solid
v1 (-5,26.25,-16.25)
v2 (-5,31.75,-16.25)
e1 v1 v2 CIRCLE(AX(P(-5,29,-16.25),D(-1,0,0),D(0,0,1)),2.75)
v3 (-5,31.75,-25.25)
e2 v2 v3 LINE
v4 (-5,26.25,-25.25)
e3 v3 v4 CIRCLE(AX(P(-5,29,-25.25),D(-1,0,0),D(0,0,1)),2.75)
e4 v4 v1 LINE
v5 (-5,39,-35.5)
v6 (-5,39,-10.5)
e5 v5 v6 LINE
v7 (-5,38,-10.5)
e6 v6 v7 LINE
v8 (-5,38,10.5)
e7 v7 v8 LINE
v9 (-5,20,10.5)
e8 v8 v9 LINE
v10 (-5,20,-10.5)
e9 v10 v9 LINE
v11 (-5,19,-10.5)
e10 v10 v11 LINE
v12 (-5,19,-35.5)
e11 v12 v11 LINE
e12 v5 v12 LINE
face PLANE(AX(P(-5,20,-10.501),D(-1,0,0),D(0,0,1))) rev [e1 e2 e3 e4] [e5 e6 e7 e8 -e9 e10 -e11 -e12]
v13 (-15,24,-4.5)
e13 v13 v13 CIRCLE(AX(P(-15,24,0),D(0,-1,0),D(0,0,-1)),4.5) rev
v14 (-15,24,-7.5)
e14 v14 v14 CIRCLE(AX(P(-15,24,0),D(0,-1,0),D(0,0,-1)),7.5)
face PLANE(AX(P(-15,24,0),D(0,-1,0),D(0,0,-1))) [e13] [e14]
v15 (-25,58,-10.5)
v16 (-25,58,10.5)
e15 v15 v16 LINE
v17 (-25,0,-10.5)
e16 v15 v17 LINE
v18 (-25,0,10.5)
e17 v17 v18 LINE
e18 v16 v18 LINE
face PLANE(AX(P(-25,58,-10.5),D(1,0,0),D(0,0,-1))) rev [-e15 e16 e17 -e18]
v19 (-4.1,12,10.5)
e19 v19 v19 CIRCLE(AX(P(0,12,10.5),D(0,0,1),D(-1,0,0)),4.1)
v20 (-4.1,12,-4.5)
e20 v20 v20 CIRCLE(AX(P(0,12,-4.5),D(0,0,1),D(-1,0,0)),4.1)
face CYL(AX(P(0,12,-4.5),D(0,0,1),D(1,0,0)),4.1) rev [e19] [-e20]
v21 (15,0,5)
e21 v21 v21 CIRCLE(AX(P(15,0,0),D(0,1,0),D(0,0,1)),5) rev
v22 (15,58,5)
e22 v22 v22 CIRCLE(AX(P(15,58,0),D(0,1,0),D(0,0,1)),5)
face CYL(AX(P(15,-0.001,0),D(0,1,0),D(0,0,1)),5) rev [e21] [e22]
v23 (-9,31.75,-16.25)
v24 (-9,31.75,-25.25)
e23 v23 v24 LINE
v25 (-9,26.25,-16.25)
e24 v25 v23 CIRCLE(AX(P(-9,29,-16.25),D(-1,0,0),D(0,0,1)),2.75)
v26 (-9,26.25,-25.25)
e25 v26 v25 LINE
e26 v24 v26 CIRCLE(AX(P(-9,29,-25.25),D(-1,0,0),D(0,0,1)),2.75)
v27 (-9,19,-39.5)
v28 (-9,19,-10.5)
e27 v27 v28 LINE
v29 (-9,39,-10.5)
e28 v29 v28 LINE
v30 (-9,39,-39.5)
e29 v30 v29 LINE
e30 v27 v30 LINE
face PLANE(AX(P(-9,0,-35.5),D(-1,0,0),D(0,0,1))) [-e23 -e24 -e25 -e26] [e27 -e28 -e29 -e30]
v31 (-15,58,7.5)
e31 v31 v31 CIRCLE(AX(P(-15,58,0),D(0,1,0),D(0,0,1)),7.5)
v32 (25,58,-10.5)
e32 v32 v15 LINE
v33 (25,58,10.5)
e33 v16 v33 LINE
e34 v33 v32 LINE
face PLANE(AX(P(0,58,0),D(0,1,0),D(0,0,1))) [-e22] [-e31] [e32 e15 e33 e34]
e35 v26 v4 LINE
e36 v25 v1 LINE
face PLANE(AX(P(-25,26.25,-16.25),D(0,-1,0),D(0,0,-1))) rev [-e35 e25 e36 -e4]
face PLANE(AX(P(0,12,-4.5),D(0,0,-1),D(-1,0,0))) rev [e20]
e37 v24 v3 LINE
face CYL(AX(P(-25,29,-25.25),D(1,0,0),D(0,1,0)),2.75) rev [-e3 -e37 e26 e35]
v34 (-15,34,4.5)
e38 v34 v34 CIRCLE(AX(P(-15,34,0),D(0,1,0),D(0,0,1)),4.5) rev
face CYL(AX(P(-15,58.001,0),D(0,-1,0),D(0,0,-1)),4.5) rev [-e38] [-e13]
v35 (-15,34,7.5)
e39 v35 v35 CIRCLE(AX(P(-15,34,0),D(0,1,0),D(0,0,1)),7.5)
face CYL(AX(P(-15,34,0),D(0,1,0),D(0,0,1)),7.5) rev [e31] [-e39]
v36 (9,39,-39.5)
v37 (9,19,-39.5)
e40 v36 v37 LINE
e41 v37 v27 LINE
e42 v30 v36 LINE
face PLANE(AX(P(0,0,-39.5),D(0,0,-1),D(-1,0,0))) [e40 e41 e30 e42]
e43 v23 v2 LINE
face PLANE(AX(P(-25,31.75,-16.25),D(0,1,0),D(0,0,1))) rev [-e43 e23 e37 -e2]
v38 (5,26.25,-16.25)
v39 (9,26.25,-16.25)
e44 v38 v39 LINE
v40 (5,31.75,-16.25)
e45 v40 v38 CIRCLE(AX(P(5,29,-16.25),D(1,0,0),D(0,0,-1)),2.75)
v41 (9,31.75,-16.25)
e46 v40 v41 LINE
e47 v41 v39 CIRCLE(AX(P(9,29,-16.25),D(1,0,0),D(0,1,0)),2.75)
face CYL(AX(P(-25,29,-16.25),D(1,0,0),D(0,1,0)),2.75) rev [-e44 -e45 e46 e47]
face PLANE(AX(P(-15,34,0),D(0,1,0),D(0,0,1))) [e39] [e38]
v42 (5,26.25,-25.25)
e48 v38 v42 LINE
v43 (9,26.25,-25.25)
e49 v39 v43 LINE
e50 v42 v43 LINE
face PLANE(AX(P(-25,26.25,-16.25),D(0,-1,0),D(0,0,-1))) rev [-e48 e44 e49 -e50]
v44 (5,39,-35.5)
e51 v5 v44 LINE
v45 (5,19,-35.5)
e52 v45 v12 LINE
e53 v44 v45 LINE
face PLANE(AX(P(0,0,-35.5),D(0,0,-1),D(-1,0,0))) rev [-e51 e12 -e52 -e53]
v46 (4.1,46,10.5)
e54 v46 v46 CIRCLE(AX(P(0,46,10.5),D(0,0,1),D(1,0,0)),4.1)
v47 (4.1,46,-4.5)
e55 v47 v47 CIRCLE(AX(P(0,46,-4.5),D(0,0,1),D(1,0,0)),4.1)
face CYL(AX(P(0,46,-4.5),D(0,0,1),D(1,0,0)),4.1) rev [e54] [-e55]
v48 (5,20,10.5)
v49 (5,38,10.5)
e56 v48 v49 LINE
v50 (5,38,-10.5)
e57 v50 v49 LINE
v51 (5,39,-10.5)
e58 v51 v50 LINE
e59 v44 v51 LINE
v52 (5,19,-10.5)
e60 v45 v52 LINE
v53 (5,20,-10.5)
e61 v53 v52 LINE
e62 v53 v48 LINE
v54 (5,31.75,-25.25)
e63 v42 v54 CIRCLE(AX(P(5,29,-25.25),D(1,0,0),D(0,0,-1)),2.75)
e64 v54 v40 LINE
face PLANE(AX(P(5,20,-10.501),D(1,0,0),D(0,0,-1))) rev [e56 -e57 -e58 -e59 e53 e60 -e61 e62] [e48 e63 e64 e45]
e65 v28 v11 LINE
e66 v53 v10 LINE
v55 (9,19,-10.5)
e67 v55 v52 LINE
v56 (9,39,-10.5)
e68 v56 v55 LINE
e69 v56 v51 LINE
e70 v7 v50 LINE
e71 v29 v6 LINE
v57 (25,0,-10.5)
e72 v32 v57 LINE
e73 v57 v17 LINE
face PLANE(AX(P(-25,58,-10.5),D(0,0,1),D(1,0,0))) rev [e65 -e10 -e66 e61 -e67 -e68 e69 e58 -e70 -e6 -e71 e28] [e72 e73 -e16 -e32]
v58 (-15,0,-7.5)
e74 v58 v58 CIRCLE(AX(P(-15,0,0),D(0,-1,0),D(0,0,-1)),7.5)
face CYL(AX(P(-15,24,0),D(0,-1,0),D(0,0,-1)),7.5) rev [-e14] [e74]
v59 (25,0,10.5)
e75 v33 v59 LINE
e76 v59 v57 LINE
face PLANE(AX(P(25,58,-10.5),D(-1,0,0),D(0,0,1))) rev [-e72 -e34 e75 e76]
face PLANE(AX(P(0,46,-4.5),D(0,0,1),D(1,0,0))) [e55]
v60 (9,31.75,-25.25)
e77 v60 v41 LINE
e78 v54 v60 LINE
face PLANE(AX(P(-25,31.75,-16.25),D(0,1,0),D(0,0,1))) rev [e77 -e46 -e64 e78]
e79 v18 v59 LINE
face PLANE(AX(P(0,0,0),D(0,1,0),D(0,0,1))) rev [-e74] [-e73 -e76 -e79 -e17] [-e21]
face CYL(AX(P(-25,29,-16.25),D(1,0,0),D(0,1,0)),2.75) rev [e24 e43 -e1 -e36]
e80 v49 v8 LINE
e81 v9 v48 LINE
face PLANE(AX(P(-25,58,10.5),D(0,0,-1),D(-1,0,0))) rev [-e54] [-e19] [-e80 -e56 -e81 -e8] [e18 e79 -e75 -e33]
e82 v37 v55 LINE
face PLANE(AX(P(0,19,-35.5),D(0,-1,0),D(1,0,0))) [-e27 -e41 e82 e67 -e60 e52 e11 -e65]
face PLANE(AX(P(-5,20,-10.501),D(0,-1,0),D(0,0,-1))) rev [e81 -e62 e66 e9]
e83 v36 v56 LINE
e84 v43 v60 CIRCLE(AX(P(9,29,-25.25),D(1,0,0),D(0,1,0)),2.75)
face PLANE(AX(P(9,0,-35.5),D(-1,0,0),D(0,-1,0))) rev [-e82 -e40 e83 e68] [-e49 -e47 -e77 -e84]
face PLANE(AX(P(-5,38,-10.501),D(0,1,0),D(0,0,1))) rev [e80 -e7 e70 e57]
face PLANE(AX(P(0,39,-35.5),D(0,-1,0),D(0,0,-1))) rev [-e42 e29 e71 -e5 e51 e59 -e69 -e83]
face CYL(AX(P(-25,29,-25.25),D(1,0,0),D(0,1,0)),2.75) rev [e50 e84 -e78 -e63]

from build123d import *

# Parameters (mm, degrees)
SKETCH1_W           = 50
SKETCH1_H           = 21
BOSS_EXTRUDE1_DEPTH = 58
SKETCH3_R           = 7.5
CUT_EXTRUDE1_DEPTH  = 24
CUT_EXTRUDE2_REACH  = 66.025
SKETCH4_R           = 5
CUT_EXTRUDE3_START  = -24
SKETCH5_R           = 7.5
CUT_EXTRUDE3_DEPTH  = 24
CUT_EXTRUDE4_REACH  = 66.025
SKETCH6_R           = 4.5
CUT_EXTRUDE5_REACH  = 68.558
SKETCH8_W           = 10
SKETCH8_H           = 18
SKETCH7_R           = 4.1
CUT_EXTRUDE6_DEPTH  = 15
BOSS_EXTRUDE2_DEPTH = 25
SKETCH12_W          = 18
SKETCH12_H          = 20
BOSS_EXTRUDE3_DEPTH = 4
CUT_EXTRUDE7_DEPTH  = 78.975957833


with BuildPart() as part:
    # Sketch1 → Boss-Extrude1 (new body)
    with BuildSketch(Plane(origin=(0, 0, 0), x_dir=(1, 0, 0), z_dir=(0, 1, 0))):
        Rectangle(SKETCH1_W, SKETCH1_H)
    extrude(amount=BOSS_EXTRUDE1_DEPTH)

    # Sketch3 → Cut-Extrude1 (cut)
    with BuildSketch(Plane(origin=(0, 58, 0), x_dir=(1, 0, 0), z_dir=(0, 1, 0))):
        with Locations(Location((-15, 0, 0), (0, 0, 270))):
            Circle(SKETCH3_R)
    extrude(amount=-CUT_EXTRUDE1_DEPTH, mode=Mode.SUBTRACT)

    # Sketch4 → Cut-Extrude2 (cut, up to next)
    with BuildSketch(Plane(origin=(0, 58, 0), x_dir=(1, 0, 0), z_dir=(0, 1, 0)), mode=Mode.PRIVATE) as cut_extrude2_sk1:
        with Locations(Location((15, 0, 0), (0, 0, 270))):
            Circle(SKETCH4_R)
    cut_extrude2_tool1 = extrude(cut_extrude2_sk1.sketch, amount=-CUT_EXTRUDE2_REACH, mode=Mode.PRIVATE) & part.part
    add(cut_extrude2_tool1.solids().sort_by_distance((15, 58, 0))[0], mode=Mode.SUBTRACT)

    # Sketch5 → Cut-Extrude3 (cut)
    with BuildSketch(Plane.XZ.offset(CUT_EXTRUDE3_START)):
        with Locations(Location((-15, 0, 0), (0, 0, 90))):
            Circle(SKETCH5_R)
    extrude(amount=CUT_EXTRUDE3_DEPTH, mode=Mode.SUBTRACT)

    # Sketch6 → Cut-Extrude4 (cut, up to next)
    with BuildSketch(Plane.XZ, mode=Mode.PRIVATE) as cut_extrude4_sk1:
        with Locations(Location((-15, 0, 0), (0, 0, 270))):
            Circle(SKETCH6_R)
    cut_extrude4_tool1 = extrude(cut_extrude4_sk1.sketch, amount=-CUT_EXTRUDE4_REACH, mode=Mode.PRIVATE) & part.part
    add(cut_extrude4_tool1.solids().sort_by_distance((-15, 0, 0))[0], mode=Mode.SUBTRACT)

    # Sketch8 → Cut-Extrude5 (cut, up to next)
    with BuildSketch(Plane.XY.offset(10.5), mode=Mode.PRIVATE) as cut_extrude5_sk1:
        with Locations((0, 29)):
            Rectangle(SKETCH8_W, SKETCH8_H)
    cut_extrude5_tool1 = extrude(cut_extrude5_sk1.sketch, amount=-CUT_EXTRUDE5_REACH, mode=Mode.PRIVATE) & part.part
    add(cut_extrude5_tool1.solids().sort_by_distance((0, 29, 10.5))[0], mode=Mode.SUBTRACT)

    # Sketch7 → Cut-Extrude6 (cut)
    with BuildSketch(Plane.XY.offset(10.5)):
        with Locations((0, 46)):
            Circle(SKETCH7_R)
        with Locations(Location((0, 12, 0), (0, 0, 180))):
            Circle(SKETCH7_R)
    extrude(amount=-CUT_EXTRUDE6_DEPTH, mode=Mode.SUBTRACT)

    # Sketch11 → Boss-Extrude2 (add)
    with BuildSketch(Plane(origin=(0, 0, -10.5), x_dir=(-1, 0, 0), z_dir=(0, 0, -1))):
        Polygon((9, 19), (9, 39), (5, 39), (5, 38), (5, 20), (5, 19), align=None)
        Polygon((-9, 39), (-9, 19), (-5, 19), (-5, 20), (-5, 38), (-5, 39), align=None)
    extrude(amount=BOSS_EXTRUDE2_DEPTH)

    # Sketch12 → Boss-Extrude3 (add)
    with BuildSketch(Plane(origin=(0, 0, -35.5), x_dir=(-1, 0, 0), z_dir=(0, 0, -1))):
        with Locations((0, 29)):
            Rectangle(SKETCH12_W, SKETCH12_H)
    extrude(amount=BOSS_EXTRUDE3_DEPTH)

    # Sketch13 → Cut-Extrude7 (cut, through all)
    with BuildSketch(Plane(origin=(9, 0, 0), x_dir=(0, 0, -1), z_dir=(1, 0, 0))):
        with BuildLine():
            Line((16.25, 31.75), (25.25, 31.75))
            ThreePointArc((25.25, 31.75), (28, 29), (25.25, 26.25))
            Line((25.25, 26.25), (16.25, 26.25))
            ThreePointArc((16.25, 26.25), (13.5, 29), (16.25, 31.75))
        make_face()
    extrude(amount=-CUT_EXTRUDE7_DEPTH, mode=Mode.SUBTRACT)


solid = part.part
